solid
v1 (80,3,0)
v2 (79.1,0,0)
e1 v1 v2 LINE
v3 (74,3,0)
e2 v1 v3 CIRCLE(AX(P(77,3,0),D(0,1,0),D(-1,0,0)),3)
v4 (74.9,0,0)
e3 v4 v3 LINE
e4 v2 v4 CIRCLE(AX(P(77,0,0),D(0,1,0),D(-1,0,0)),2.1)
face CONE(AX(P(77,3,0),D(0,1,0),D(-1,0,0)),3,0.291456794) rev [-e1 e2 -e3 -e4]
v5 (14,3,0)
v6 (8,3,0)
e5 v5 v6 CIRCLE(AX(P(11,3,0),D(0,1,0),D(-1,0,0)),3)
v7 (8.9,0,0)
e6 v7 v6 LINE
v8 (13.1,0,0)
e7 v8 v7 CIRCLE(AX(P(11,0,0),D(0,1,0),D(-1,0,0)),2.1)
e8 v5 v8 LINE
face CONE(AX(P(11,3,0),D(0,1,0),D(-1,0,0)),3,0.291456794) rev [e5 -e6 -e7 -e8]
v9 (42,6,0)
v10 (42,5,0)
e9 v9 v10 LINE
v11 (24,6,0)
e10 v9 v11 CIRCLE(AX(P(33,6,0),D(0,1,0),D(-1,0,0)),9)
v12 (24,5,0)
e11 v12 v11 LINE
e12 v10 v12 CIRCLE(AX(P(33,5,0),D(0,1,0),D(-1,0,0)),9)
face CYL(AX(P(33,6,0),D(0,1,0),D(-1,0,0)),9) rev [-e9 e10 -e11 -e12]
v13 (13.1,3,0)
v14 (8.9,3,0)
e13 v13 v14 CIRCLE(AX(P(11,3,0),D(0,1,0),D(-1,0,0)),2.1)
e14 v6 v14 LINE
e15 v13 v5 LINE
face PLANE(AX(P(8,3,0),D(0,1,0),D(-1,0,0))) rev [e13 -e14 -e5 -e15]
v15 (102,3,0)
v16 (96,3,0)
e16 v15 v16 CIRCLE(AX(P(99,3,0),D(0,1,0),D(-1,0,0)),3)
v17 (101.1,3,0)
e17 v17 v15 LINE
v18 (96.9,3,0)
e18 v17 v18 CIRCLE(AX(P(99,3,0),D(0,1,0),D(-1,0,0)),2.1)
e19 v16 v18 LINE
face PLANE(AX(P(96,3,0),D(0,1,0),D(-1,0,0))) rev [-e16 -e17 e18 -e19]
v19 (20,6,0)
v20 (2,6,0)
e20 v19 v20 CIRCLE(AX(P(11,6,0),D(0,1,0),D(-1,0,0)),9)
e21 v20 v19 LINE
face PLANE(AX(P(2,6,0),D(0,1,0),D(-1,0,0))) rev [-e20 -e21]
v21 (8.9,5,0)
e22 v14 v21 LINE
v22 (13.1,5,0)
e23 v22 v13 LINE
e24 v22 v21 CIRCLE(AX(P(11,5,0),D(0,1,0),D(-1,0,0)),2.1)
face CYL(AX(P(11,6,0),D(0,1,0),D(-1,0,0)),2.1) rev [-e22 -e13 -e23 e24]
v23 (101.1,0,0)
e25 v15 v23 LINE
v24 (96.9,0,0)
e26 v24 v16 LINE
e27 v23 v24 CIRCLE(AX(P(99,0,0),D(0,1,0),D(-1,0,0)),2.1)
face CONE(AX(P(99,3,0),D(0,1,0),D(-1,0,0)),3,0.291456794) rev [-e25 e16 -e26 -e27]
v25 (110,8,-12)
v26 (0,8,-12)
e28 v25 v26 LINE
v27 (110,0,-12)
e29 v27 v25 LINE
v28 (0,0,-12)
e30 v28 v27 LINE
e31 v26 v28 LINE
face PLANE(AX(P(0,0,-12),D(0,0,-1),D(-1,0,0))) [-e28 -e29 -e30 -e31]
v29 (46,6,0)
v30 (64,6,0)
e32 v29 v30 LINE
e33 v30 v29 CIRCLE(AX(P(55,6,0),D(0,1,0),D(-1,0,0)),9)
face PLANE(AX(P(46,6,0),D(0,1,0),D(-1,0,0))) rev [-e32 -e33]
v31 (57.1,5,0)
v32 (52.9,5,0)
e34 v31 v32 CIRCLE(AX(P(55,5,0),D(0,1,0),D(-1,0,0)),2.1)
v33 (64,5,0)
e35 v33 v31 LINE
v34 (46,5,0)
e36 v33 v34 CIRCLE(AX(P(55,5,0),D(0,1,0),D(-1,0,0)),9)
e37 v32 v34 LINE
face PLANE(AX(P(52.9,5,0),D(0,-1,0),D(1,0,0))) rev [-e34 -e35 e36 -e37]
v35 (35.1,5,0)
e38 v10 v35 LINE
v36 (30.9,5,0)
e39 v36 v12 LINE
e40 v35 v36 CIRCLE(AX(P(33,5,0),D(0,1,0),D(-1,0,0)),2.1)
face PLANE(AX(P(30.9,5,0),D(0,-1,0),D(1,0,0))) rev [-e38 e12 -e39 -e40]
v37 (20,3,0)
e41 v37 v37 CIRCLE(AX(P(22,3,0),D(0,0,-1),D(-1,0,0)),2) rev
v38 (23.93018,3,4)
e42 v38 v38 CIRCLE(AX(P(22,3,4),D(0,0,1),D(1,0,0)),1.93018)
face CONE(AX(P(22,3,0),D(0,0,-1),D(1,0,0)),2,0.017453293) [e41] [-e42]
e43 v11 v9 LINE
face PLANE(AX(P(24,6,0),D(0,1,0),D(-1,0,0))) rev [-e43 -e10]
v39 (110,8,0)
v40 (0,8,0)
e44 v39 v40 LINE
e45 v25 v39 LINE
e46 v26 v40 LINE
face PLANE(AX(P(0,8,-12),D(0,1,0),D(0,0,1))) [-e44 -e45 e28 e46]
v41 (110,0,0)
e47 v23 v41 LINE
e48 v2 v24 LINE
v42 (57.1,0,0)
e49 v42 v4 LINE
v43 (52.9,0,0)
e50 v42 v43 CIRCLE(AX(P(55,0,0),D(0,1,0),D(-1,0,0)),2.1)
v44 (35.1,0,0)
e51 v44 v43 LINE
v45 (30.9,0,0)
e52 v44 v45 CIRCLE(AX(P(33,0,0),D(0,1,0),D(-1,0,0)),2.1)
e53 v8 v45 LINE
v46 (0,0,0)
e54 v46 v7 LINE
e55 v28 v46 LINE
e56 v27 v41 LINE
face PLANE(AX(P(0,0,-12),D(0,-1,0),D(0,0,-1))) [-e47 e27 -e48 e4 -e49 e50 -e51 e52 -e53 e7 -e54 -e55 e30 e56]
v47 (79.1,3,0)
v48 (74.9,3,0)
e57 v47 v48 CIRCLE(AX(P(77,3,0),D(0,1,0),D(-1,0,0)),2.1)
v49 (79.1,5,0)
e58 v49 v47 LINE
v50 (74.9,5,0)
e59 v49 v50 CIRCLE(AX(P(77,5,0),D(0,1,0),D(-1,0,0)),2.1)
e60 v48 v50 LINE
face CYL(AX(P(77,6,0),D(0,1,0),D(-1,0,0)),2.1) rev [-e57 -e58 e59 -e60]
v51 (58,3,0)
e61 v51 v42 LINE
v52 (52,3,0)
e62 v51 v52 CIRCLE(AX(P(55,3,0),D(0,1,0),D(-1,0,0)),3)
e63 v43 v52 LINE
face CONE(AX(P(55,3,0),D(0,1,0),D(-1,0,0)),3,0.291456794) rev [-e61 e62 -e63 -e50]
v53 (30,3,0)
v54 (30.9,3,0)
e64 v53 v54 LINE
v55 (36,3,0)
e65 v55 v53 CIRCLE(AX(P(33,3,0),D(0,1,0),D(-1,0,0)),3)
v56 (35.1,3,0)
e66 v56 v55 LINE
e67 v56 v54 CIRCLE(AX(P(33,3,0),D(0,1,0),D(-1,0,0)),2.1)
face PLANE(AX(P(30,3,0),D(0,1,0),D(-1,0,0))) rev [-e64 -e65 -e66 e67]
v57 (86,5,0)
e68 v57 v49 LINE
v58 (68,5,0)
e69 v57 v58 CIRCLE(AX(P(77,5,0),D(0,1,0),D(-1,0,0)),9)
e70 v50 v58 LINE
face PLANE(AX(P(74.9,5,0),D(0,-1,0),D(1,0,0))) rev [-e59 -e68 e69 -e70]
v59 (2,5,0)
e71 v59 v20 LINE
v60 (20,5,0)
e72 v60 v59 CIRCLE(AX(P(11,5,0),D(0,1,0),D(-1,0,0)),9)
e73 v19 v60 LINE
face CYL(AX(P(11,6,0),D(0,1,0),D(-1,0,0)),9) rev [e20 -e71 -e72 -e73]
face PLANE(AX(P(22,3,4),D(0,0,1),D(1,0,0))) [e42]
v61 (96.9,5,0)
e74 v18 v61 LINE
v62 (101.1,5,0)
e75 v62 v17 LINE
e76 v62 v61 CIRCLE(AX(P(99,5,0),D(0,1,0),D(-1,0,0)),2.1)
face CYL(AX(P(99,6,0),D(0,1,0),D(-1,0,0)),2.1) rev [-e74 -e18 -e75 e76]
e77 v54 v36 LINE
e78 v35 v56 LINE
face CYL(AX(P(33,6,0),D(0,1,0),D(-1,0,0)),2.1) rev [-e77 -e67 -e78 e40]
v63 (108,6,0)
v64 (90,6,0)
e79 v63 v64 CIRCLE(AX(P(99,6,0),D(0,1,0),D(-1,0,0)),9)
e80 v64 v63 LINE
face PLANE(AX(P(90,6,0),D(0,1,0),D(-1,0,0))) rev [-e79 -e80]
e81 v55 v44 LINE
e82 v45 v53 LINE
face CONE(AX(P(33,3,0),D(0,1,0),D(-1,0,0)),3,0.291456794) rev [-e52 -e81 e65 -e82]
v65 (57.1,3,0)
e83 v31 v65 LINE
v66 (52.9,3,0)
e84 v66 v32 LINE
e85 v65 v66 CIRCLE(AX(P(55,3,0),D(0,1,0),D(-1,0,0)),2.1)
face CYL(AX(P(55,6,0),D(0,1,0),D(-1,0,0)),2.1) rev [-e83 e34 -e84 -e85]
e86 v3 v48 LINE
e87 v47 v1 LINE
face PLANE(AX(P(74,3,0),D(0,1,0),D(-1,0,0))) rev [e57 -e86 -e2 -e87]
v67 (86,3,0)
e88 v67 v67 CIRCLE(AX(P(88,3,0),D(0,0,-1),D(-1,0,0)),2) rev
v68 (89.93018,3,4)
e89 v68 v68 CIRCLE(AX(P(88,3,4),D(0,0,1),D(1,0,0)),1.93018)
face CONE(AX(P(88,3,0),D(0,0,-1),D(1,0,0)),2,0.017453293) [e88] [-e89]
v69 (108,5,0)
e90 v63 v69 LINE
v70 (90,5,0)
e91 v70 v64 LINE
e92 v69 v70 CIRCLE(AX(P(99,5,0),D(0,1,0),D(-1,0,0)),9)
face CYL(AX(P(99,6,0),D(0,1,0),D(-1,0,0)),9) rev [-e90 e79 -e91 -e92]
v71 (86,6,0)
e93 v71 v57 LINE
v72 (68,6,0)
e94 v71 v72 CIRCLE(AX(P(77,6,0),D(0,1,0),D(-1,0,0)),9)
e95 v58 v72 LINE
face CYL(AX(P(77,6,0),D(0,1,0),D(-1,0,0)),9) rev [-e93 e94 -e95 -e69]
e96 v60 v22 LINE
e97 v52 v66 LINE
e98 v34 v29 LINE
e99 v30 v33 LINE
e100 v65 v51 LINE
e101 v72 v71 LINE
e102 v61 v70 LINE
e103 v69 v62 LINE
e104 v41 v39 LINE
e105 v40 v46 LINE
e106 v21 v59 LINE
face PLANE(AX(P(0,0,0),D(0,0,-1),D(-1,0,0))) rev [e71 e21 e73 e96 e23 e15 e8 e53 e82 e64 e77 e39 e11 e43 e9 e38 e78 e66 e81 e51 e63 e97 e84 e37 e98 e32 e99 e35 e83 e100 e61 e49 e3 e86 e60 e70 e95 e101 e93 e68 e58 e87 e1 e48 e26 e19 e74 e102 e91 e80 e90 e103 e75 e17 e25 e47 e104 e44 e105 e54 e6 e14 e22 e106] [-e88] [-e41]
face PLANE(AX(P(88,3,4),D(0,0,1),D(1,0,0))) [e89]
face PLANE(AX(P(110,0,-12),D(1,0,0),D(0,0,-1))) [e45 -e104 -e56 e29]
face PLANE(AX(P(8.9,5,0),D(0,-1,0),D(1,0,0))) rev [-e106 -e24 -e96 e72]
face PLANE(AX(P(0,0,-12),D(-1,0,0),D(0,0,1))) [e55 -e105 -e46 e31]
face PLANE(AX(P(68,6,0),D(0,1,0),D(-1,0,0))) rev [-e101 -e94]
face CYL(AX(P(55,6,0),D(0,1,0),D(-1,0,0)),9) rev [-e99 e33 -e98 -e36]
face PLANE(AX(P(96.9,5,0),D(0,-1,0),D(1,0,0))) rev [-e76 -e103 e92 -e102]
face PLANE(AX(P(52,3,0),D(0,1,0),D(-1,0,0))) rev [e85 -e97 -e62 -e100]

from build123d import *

# Parameters (mm, degrees)
SKETCH2_W           = 110
SKETCH2_H           = 8
BOSS_EXTRUDE1_DEPTH = 12
LPATTERN1_COUNT     = 5
LPATTERN1_PITCH     = 22
SKETCH4_R           = 2
BOSS_EXTRUDE2_DEPTH = 4
BOSS_EXTRUDE2_TAPER = 1


with BuildPart() as part:
    # Sketch2 → Boss-Extrude1 (new body)
    with BuildSketch(Plane.XY):
        with Locations((55, 4)):
            Rectangle(SKETCH2_W, SKETCH2_H)
    extrude(amount=-BOSS_EXTRUDE1_DEPTH)

    # Sketch3 → Cut-Revolve1 (revolve, cut)
    with BuildSketch(Plane.XY):
        Polygon((8, 3), (8.9, 3), (8.9, 5), (2, 5), (2, 6), (11, 6), (11, 0), (8.9, 0), align=None)
    cut_revolve1 = revolve(axis=Axis((11, 6, 0), (0, -1, 0)), mode=Mode.SUBTRACT)

    # LPattern1: Cut-Revolve1 ×5
    with Locations(*[(i * LPATTERN1_PITCH, 0, 0) for i in range(1, LPATTERN1_COUNT)]):
        add(cut_revolve1, mode=Mode.SUBTRACT)

    # Sketch4 → Boss-Extrude2 (add)
    with BuildSketch(Plane.XY):
        with Locations((22, 3)):
            Circle(SKETCH4_R)
        with Locations((88, 3)):
            Circle(SKETCH4_R)
    extrude(amount=BOSS_EXTRUDE2_DEPTH, taper=BOSS_EXTRUDE2_TAPER)


solid = part.part
